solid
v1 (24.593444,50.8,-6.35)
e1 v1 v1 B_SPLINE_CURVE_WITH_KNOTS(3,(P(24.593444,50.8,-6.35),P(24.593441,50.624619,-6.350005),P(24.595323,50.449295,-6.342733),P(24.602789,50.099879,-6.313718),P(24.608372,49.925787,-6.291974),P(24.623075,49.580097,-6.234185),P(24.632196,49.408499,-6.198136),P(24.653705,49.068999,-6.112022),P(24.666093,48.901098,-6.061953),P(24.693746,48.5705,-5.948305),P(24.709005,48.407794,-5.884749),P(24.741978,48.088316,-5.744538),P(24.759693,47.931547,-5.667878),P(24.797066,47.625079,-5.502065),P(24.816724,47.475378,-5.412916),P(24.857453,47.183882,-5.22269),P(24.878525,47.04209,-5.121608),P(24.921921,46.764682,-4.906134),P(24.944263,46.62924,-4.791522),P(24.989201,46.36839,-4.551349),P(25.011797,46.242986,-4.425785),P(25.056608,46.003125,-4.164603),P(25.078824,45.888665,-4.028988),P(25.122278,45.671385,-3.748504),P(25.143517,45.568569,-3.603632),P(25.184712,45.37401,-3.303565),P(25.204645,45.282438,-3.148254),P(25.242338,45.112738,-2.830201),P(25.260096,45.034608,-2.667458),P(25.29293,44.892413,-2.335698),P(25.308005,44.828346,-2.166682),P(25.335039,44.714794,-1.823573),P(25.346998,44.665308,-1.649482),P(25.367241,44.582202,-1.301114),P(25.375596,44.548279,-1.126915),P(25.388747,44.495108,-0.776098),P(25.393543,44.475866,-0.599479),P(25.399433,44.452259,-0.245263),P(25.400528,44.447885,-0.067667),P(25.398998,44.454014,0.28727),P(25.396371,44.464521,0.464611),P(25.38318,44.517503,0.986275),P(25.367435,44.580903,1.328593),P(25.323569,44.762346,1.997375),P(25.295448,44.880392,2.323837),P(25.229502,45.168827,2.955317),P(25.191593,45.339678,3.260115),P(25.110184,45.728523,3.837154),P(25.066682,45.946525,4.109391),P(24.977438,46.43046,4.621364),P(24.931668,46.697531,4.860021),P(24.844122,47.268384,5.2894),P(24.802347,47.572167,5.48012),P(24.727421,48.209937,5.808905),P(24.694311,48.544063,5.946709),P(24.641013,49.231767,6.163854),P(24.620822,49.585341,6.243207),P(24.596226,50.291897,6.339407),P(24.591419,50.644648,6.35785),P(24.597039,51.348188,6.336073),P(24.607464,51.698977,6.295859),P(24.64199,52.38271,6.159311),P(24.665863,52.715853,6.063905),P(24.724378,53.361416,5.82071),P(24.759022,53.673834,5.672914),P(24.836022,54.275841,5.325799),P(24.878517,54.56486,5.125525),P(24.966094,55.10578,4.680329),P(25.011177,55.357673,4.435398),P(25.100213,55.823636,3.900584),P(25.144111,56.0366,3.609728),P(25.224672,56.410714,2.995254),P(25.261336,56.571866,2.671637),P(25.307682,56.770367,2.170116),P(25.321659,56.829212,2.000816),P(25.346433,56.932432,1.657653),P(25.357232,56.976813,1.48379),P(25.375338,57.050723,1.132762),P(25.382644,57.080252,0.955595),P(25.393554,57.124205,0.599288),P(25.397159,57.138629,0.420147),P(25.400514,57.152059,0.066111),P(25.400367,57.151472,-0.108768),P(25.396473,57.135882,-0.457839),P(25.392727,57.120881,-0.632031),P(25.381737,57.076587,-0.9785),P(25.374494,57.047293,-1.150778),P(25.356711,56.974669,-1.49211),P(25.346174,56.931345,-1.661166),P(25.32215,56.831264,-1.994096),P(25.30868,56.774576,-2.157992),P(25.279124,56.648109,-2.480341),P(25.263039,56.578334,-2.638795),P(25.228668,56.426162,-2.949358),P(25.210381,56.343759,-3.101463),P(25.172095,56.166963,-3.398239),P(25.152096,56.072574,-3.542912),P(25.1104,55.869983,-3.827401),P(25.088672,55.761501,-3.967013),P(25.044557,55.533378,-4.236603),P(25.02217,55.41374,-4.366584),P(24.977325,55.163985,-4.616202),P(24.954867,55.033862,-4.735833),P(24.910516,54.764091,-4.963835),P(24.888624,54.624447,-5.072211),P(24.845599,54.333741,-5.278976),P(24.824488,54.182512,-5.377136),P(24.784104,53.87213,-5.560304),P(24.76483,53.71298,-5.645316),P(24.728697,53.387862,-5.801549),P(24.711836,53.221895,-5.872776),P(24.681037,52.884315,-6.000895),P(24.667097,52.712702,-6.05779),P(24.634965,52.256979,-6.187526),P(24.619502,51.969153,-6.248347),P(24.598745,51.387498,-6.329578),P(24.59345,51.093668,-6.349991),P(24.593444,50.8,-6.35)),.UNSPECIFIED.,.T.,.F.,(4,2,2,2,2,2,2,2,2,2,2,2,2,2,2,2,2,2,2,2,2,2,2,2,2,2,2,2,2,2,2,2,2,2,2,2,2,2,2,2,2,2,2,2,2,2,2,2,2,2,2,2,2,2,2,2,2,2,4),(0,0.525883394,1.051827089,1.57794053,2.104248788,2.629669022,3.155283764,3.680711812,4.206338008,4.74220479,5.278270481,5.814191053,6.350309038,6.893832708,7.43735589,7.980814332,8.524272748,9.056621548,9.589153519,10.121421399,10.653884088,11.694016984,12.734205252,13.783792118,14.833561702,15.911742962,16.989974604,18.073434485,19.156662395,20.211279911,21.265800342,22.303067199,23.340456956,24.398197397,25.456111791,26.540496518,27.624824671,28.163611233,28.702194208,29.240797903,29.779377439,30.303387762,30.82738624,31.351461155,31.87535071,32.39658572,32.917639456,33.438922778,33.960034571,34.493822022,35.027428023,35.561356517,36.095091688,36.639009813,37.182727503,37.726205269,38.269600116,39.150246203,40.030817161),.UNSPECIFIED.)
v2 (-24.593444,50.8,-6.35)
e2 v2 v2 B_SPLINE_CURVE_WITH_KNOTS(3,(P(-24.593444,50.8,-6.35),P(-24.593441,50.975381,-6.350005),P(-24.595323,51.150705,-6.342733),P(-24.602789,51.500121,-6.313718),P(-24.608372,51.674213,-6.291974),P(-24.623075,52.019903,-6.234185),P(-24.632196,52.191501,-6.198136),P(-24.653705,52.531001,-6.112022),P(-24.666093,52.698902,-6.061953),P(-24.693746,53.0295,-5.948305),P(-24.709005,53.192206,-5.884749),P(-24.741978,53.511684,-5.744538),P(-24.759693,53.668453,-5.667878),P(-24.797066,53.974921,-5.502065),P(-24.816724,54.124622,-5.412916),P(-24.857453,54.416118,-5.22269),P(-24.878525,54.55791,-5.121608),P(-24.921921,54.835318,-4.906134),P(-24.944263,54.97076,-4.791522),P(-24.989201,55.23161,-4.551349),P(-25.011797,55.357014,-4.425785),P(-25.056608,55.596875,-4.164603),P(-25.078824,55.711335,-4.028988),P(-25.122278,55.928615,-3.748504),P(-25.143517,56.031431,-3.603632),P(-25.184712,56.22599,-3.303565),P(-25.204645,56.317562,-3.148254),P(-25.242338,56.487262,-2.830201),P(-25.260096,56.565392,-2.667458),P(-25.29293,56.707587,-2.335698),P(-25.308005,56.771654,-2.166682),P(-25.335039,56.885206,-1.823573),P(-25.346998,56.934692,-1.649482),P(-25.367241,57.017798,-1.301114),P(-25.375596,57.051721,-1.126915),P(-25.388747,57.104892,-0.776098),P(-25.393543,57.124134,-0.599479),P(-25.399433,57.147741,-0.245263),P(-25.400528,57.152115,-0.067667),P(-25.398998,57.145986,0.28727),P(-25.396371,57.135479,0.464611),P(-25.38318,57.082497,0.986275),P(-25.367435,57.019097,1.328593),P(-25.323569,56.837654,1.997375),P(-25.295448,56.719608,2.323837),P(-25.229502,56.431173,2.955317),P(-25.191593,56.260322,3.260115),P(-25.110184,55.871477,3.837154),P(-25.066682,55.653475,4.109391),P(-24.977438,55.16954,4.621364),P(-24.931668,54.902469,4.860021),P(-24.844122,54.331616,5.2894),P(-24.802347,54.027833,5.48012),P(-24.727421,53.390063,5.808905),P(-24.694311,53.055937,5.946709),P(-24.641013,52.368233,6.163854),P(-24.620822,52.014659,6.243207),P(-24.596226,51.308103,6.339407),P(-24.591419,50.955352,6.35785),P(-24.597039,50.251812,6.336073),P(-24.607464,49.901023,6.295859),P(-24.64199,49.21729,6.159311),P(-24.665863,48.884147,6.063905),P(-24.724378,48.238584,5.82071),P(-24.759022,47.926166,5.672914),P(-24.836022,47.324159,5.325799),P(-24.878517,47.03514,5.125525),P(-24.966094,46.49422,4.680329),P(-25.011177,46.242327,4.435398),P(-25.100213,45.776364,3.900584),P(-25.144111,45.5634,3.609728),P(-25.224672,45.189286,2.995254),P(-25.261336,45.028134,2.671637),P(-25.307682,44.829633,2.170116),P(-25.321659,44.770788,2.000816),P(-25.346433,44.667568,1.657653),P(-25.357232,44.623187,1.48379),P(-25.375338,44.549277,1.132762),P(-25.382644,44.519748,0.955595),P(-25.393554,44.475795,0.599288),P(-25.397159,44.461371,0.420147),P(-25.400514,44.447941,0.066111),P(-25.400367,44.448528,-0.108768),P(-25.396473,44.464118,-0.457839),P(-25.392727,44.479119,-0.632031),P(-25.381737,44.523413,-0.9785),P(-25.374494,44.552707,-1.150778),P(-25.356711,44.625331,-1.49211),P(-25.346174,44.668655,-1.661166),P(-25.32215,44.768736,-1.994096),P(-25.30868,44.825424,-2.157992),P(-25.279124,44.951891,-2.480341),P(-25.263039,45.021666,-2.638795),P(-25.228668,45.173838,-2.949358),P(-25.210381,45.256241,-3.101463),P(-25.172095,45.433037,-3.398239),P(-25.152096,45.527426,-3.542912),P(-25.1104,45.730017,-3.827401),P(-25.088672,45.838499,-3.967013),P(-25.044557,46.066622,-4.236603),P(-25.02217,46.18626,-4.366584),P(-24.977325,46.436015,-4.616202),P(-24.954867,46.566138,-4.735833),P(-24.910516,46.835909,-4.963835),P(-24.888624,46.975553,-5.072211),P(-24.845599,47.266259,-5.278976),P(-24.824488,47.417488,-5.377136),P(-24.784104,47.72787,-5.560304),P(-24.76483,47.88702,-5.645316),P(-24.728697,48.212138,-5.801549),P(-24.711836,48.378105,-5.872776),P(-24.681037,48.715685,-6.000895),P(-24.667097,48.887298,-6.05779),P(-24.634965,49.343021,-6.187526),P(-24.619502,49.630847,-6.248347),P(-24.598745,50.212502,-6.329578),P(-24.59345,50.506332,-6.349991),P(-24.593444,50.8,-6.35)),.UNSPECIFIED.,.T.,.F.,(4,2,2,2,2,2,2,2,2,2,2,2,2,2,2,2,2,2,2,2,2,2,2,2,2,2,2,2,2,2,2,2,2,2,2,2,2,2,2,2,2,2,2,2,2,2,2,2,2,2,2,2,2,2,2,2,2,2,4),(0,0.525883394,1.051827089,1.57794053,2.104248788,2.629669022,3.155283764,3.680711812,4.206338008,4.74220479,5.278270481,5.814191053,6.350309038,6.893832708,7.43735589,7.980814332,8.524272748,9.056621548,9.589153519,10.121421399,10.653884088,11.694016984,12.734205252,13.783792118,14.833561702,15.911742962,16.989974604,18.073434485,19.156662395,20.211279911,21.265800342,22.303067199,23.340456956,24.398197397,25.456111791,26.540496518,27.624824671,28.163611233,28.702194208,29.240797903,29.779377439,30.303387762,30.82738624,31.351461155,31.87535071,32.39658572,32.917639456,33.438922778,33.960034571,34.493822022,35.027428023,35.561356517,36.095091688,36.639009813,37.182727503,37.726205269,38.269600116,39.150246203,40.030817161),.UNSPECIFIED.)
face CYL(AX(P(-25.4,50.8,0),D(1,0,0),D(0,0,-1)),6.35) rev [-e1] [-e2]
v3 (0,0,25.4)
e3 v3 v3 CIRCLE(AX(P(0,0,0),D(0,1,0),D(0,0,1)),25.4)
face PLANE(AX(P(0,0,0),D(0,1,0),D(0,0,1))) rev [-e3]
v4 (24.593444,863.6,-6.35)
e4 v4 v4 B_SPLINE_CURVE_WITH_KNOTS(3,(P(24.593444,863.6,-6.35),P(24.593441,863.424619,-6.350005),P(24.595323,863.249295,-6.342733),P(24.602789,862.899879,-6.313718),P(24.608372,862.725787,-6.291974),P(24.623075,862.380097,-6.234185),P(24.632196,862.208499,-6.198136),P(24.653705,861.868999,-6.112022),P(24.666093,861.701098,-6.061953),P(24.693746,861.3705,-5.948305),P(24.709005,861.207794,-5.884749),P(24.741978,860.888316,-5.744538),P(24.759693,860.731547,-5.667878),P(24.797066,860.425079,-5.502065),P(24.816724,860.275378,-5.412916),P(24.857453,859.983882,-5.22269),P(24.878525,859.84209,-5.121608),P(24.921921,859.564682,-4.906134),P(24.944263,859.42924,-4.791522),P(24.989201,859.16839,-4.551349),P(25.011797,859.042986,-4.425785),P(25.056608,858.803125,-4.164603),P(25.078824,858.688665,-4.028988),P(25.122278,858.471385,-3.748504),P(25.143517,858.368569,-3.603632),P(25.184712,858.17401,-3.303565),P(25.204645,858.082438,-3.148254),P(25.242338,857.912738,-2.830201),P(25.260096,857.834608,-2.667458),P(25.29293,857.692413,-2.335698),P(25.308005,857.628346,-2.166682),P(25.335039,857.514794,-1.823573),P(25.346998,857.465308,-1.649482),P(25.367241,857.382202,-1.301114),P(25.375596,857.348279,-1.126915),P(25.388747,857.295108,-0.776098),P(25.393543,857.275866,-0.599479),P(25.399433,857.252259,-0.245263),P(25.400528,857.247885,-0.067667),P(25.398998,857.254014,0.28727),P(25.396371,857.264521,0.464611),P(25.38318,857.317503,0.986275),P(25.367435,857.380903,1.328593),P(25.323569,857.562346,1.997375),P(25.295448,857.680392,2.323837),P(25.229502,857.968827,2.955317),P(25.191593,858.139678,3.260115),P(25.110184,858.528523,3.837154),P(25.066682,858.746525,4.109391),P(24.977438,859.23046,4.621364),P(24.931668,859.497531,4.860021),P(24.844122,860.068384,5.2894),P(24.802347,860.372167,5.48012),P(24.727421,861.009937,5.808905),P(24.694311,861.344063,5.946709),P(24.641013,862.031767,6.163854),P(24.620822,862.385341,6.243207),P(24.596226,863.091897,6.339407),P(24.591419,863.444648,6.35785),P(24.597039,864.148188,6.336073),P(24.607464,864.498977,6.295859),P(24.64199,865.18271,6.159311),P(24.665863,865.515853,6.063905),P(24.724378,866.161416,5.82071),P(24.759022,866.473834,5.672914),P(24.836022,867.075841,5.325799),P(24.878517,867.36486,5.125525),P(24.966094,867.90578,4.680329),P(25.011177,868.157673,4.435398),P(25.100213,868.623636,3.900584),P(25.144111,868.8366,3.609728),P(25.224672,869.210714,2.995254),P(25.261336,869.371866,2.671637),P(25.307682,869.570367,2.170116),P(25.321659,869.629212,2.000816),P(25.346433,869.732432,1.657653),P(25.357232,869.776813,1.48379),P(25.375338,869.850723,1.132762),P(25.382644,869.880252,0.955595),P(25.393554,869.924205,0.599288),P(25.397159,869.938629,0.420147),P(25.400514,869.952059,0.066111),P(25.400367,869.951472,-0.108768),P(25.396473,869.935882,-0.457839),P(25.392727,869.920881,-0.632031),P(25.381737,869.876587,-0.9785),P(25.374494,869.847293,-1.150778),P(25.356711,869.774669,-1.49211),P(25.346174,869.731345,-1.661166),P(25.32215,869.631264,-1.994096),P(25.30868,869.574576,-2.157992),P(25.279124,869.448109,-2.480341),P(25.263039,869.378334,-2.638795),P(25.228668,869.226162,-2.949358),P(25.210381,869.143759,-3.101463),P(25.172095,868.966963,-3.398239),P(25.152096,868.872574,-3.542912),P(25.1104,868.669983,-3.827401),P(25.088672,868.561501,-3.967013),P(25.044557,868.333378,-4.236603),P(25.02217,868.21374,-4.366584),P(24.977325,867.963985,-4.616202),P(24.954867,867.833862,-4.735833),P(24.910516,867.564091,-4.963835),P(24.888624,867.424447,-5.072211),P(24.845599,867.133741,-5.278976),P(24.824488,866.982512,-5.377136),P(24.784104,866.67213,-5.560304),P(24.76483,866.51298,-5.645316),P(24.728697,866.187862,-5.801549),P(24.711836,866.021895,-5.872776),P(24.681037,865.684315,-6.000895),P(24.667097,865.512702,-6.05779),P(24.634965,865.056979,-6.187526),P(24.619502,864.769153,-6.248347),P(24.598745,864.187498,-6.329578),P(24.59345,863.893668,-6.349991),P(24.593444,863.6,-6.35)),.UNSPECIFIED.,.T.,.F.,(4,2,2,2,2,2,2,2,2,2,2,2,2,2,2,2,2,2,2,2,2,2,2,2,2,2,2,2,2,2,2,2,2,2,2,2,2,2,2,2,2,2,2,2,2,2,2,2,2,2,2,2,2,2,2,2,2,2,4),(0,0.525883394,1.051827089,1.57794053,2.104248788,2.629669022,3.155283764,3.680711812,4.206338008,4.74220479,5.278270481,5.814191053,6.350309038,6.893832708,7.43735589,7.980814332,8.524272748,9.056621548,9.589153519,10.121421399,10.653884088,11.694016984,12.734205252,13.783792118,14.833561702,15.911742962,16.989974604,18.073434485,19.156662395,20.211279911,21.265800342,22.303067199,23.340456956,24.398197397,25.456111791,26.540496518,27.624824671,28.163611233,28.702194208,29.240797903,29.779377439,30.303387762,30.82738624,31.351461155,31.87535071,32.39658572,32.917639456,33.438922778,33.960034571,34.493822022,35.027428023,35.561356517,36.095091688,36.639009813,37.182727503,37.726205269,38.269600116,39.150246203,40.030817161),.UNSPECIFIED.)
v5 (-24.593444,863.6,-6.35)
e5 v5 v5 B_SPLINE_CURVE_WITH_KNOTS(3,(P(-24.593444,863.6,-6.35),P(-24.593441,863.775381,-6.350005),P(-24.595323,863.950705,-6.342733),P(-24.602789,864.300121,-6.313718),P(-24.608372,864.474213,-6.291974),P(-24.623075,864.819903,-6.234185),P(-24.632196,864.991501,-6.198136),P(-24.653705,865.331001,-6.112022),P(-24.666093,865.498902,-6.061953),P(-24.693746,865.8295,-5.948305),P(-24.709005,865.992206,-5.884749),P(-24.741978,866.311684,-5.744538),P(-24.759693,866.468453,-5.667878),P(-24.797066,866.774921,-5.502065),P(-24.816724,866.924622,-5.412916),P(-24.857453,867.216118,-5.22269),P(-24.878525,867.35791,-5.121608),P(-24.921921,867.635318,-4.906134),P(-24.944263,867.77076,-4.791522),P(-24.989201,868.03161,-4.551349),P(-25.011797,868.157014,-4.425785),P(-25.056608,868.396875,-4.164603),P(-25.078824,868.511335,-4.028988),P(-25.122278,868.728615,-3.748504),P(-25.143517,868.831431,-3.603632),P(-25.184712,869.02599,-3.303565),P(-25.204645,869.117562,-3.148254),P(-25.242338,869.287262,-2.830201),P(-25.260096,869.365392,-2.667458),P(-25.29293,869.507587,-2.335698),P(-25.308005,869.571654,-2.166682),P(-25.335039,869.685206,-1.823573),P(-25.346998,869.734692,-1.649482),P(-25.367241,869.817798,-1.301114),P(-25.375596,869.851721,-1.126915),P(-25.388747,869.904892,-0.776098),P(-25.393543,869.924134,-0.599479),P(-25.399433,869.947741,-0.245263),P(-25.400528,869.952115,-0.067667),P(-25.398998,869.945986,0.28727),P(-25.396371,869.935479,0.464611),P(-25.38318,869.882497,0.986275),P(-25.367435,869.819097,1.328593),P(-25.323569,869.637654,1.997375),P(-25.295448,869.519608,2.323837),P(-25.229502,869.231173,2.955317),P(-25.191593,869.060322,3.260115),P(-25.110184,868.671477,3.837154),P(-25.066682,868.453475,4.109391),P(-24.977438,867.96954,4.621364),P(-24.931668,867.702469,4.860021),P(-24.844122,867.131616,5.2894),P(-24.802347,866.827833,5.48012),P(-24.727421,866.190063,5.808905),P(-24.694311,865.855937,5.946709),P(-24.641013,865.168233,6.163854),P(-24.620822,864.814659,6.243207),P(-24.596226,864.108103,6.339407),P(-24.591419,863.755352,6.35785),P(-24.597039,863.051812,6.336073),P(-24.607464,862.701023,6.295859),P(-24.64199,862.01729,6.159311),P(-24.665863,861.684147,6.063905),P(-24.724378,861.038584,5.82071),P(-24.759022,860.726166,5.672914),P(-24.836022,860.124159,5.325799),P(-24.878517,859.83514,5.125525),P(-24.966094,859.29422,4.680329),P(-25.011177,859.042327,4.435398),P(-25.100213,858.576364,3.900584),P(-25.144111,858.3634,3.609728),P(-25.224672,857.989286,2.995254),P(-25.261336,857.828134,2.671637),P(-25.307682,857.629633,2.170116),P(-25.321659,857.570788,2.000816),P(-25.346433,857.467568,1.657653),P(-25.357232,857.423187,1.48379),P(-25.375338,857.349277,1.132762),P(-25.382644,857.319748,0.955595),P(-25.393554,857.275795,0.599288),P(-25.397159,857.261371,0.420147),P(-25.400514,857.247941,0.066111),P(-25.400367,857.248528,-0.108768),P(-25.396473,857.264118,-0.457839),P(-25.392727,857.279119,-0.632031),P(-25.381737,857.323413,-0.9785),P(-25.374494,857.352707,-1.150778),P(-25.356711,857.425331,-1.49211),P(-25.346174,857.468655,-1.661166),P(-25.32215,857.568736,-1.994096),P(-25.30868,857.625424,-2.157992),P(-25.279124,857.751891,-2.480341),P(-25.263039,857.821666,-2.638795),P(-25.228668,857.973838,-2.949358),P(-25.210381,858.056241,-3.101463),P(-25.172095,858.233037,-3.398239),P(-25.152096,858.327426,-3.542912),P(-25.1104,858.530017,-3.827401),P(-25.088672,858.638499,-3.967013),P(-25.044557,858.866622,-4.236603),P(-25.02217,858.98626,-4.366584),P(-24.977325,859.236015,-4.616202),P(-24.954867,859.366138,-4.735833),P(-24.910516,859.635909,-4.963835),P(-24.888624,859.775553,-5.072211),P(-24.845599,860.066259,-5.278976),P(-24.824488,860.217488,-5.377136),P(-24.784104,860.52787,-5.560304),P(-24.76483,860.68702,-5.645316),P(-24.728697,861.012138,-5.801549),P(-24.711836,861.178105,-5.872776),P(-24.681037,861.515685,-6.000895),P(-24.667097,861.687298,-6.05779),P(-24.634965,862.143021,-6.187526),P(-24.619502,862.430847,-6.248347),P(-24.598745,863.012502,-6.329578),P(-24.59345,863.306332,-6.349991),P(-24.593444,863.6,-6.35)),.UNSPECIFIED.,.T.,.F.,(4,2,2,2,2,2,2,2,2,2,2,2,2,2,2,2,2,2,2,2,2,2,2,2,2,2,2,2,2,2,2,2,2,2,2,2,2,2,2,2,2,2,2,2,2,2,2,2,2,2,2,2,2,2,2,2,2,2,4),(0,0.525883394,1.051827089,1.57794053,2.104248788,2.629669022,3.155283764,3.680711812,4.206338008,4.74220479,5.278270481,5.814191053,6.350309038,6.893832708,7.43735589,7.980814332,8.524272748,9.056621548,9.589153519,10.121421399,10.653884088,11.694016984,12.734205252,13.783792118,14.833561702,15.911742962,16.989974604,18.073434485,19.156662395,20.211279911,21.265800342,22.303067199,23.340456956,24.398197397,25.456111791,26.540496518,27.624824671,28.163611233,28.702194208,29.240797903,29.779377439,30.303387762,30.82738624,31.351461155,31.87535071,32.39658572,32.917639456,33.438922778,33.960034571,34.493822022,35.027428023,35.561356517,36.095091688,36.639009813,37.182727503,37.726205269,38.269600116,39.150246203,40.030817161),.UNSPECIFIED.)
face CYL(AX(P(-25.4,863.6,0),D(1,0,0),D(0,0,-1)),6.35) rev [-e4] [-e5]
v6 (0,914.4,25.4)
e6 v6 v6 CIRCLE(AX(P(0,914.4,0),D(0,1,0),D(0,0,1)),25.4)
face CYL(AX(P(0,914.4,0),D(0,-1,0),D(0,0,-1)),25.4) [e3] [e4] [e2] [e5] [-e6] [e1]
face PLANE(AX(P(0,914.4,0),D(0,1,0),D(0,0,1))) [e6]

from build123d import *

# Parameters (mm, degrees)
SKETCH1_R               = 25.4
BOSS_EXTRUDE1_DEPTH     = 914.4
SKETCH2_R               = 6.35
CUT_EXTRUDE3_DEPTH      = 26.4
CUT_EXTRUDE3_DEPTH_BACK = 26.4


with BuildPart() as part:
    # Sketch1 → Boss-Extrude1 (new body)
    with BuildSketch(Plane(origin=(0, 0, 0), x_dir=(1, 0, 0), z_dir=(0, 1, 0))):
        Circle(SKETCH1_R)
    extrude(amount=BOSS_EXTRUDE1_DEPTH)

    # Sketch2 → Cut-Extrude3 (cut, two sides)
    with BuildSketch(Plane(origin=(0, 0, 0), x_dir=(0, 0, -1), z_dir=(1, 0, 0))) as cut_extrude3_sk:
        with Locations((0, 863.6)):
            Circle(SKETCH2_R)
        with Locations((0, 50.8)):
            Circle(SKETCH2_R)
    extrude(amount=CUT_EXTRUDE3_DEPTH, mode=Mode.SUBTRACT)
    extrude(cut_extrude3_sk.sketch, amount=-CUT_EXTRUDE3_DEPTH_BACK, mode=Mode.SUBTRACT)


solid = part.part
